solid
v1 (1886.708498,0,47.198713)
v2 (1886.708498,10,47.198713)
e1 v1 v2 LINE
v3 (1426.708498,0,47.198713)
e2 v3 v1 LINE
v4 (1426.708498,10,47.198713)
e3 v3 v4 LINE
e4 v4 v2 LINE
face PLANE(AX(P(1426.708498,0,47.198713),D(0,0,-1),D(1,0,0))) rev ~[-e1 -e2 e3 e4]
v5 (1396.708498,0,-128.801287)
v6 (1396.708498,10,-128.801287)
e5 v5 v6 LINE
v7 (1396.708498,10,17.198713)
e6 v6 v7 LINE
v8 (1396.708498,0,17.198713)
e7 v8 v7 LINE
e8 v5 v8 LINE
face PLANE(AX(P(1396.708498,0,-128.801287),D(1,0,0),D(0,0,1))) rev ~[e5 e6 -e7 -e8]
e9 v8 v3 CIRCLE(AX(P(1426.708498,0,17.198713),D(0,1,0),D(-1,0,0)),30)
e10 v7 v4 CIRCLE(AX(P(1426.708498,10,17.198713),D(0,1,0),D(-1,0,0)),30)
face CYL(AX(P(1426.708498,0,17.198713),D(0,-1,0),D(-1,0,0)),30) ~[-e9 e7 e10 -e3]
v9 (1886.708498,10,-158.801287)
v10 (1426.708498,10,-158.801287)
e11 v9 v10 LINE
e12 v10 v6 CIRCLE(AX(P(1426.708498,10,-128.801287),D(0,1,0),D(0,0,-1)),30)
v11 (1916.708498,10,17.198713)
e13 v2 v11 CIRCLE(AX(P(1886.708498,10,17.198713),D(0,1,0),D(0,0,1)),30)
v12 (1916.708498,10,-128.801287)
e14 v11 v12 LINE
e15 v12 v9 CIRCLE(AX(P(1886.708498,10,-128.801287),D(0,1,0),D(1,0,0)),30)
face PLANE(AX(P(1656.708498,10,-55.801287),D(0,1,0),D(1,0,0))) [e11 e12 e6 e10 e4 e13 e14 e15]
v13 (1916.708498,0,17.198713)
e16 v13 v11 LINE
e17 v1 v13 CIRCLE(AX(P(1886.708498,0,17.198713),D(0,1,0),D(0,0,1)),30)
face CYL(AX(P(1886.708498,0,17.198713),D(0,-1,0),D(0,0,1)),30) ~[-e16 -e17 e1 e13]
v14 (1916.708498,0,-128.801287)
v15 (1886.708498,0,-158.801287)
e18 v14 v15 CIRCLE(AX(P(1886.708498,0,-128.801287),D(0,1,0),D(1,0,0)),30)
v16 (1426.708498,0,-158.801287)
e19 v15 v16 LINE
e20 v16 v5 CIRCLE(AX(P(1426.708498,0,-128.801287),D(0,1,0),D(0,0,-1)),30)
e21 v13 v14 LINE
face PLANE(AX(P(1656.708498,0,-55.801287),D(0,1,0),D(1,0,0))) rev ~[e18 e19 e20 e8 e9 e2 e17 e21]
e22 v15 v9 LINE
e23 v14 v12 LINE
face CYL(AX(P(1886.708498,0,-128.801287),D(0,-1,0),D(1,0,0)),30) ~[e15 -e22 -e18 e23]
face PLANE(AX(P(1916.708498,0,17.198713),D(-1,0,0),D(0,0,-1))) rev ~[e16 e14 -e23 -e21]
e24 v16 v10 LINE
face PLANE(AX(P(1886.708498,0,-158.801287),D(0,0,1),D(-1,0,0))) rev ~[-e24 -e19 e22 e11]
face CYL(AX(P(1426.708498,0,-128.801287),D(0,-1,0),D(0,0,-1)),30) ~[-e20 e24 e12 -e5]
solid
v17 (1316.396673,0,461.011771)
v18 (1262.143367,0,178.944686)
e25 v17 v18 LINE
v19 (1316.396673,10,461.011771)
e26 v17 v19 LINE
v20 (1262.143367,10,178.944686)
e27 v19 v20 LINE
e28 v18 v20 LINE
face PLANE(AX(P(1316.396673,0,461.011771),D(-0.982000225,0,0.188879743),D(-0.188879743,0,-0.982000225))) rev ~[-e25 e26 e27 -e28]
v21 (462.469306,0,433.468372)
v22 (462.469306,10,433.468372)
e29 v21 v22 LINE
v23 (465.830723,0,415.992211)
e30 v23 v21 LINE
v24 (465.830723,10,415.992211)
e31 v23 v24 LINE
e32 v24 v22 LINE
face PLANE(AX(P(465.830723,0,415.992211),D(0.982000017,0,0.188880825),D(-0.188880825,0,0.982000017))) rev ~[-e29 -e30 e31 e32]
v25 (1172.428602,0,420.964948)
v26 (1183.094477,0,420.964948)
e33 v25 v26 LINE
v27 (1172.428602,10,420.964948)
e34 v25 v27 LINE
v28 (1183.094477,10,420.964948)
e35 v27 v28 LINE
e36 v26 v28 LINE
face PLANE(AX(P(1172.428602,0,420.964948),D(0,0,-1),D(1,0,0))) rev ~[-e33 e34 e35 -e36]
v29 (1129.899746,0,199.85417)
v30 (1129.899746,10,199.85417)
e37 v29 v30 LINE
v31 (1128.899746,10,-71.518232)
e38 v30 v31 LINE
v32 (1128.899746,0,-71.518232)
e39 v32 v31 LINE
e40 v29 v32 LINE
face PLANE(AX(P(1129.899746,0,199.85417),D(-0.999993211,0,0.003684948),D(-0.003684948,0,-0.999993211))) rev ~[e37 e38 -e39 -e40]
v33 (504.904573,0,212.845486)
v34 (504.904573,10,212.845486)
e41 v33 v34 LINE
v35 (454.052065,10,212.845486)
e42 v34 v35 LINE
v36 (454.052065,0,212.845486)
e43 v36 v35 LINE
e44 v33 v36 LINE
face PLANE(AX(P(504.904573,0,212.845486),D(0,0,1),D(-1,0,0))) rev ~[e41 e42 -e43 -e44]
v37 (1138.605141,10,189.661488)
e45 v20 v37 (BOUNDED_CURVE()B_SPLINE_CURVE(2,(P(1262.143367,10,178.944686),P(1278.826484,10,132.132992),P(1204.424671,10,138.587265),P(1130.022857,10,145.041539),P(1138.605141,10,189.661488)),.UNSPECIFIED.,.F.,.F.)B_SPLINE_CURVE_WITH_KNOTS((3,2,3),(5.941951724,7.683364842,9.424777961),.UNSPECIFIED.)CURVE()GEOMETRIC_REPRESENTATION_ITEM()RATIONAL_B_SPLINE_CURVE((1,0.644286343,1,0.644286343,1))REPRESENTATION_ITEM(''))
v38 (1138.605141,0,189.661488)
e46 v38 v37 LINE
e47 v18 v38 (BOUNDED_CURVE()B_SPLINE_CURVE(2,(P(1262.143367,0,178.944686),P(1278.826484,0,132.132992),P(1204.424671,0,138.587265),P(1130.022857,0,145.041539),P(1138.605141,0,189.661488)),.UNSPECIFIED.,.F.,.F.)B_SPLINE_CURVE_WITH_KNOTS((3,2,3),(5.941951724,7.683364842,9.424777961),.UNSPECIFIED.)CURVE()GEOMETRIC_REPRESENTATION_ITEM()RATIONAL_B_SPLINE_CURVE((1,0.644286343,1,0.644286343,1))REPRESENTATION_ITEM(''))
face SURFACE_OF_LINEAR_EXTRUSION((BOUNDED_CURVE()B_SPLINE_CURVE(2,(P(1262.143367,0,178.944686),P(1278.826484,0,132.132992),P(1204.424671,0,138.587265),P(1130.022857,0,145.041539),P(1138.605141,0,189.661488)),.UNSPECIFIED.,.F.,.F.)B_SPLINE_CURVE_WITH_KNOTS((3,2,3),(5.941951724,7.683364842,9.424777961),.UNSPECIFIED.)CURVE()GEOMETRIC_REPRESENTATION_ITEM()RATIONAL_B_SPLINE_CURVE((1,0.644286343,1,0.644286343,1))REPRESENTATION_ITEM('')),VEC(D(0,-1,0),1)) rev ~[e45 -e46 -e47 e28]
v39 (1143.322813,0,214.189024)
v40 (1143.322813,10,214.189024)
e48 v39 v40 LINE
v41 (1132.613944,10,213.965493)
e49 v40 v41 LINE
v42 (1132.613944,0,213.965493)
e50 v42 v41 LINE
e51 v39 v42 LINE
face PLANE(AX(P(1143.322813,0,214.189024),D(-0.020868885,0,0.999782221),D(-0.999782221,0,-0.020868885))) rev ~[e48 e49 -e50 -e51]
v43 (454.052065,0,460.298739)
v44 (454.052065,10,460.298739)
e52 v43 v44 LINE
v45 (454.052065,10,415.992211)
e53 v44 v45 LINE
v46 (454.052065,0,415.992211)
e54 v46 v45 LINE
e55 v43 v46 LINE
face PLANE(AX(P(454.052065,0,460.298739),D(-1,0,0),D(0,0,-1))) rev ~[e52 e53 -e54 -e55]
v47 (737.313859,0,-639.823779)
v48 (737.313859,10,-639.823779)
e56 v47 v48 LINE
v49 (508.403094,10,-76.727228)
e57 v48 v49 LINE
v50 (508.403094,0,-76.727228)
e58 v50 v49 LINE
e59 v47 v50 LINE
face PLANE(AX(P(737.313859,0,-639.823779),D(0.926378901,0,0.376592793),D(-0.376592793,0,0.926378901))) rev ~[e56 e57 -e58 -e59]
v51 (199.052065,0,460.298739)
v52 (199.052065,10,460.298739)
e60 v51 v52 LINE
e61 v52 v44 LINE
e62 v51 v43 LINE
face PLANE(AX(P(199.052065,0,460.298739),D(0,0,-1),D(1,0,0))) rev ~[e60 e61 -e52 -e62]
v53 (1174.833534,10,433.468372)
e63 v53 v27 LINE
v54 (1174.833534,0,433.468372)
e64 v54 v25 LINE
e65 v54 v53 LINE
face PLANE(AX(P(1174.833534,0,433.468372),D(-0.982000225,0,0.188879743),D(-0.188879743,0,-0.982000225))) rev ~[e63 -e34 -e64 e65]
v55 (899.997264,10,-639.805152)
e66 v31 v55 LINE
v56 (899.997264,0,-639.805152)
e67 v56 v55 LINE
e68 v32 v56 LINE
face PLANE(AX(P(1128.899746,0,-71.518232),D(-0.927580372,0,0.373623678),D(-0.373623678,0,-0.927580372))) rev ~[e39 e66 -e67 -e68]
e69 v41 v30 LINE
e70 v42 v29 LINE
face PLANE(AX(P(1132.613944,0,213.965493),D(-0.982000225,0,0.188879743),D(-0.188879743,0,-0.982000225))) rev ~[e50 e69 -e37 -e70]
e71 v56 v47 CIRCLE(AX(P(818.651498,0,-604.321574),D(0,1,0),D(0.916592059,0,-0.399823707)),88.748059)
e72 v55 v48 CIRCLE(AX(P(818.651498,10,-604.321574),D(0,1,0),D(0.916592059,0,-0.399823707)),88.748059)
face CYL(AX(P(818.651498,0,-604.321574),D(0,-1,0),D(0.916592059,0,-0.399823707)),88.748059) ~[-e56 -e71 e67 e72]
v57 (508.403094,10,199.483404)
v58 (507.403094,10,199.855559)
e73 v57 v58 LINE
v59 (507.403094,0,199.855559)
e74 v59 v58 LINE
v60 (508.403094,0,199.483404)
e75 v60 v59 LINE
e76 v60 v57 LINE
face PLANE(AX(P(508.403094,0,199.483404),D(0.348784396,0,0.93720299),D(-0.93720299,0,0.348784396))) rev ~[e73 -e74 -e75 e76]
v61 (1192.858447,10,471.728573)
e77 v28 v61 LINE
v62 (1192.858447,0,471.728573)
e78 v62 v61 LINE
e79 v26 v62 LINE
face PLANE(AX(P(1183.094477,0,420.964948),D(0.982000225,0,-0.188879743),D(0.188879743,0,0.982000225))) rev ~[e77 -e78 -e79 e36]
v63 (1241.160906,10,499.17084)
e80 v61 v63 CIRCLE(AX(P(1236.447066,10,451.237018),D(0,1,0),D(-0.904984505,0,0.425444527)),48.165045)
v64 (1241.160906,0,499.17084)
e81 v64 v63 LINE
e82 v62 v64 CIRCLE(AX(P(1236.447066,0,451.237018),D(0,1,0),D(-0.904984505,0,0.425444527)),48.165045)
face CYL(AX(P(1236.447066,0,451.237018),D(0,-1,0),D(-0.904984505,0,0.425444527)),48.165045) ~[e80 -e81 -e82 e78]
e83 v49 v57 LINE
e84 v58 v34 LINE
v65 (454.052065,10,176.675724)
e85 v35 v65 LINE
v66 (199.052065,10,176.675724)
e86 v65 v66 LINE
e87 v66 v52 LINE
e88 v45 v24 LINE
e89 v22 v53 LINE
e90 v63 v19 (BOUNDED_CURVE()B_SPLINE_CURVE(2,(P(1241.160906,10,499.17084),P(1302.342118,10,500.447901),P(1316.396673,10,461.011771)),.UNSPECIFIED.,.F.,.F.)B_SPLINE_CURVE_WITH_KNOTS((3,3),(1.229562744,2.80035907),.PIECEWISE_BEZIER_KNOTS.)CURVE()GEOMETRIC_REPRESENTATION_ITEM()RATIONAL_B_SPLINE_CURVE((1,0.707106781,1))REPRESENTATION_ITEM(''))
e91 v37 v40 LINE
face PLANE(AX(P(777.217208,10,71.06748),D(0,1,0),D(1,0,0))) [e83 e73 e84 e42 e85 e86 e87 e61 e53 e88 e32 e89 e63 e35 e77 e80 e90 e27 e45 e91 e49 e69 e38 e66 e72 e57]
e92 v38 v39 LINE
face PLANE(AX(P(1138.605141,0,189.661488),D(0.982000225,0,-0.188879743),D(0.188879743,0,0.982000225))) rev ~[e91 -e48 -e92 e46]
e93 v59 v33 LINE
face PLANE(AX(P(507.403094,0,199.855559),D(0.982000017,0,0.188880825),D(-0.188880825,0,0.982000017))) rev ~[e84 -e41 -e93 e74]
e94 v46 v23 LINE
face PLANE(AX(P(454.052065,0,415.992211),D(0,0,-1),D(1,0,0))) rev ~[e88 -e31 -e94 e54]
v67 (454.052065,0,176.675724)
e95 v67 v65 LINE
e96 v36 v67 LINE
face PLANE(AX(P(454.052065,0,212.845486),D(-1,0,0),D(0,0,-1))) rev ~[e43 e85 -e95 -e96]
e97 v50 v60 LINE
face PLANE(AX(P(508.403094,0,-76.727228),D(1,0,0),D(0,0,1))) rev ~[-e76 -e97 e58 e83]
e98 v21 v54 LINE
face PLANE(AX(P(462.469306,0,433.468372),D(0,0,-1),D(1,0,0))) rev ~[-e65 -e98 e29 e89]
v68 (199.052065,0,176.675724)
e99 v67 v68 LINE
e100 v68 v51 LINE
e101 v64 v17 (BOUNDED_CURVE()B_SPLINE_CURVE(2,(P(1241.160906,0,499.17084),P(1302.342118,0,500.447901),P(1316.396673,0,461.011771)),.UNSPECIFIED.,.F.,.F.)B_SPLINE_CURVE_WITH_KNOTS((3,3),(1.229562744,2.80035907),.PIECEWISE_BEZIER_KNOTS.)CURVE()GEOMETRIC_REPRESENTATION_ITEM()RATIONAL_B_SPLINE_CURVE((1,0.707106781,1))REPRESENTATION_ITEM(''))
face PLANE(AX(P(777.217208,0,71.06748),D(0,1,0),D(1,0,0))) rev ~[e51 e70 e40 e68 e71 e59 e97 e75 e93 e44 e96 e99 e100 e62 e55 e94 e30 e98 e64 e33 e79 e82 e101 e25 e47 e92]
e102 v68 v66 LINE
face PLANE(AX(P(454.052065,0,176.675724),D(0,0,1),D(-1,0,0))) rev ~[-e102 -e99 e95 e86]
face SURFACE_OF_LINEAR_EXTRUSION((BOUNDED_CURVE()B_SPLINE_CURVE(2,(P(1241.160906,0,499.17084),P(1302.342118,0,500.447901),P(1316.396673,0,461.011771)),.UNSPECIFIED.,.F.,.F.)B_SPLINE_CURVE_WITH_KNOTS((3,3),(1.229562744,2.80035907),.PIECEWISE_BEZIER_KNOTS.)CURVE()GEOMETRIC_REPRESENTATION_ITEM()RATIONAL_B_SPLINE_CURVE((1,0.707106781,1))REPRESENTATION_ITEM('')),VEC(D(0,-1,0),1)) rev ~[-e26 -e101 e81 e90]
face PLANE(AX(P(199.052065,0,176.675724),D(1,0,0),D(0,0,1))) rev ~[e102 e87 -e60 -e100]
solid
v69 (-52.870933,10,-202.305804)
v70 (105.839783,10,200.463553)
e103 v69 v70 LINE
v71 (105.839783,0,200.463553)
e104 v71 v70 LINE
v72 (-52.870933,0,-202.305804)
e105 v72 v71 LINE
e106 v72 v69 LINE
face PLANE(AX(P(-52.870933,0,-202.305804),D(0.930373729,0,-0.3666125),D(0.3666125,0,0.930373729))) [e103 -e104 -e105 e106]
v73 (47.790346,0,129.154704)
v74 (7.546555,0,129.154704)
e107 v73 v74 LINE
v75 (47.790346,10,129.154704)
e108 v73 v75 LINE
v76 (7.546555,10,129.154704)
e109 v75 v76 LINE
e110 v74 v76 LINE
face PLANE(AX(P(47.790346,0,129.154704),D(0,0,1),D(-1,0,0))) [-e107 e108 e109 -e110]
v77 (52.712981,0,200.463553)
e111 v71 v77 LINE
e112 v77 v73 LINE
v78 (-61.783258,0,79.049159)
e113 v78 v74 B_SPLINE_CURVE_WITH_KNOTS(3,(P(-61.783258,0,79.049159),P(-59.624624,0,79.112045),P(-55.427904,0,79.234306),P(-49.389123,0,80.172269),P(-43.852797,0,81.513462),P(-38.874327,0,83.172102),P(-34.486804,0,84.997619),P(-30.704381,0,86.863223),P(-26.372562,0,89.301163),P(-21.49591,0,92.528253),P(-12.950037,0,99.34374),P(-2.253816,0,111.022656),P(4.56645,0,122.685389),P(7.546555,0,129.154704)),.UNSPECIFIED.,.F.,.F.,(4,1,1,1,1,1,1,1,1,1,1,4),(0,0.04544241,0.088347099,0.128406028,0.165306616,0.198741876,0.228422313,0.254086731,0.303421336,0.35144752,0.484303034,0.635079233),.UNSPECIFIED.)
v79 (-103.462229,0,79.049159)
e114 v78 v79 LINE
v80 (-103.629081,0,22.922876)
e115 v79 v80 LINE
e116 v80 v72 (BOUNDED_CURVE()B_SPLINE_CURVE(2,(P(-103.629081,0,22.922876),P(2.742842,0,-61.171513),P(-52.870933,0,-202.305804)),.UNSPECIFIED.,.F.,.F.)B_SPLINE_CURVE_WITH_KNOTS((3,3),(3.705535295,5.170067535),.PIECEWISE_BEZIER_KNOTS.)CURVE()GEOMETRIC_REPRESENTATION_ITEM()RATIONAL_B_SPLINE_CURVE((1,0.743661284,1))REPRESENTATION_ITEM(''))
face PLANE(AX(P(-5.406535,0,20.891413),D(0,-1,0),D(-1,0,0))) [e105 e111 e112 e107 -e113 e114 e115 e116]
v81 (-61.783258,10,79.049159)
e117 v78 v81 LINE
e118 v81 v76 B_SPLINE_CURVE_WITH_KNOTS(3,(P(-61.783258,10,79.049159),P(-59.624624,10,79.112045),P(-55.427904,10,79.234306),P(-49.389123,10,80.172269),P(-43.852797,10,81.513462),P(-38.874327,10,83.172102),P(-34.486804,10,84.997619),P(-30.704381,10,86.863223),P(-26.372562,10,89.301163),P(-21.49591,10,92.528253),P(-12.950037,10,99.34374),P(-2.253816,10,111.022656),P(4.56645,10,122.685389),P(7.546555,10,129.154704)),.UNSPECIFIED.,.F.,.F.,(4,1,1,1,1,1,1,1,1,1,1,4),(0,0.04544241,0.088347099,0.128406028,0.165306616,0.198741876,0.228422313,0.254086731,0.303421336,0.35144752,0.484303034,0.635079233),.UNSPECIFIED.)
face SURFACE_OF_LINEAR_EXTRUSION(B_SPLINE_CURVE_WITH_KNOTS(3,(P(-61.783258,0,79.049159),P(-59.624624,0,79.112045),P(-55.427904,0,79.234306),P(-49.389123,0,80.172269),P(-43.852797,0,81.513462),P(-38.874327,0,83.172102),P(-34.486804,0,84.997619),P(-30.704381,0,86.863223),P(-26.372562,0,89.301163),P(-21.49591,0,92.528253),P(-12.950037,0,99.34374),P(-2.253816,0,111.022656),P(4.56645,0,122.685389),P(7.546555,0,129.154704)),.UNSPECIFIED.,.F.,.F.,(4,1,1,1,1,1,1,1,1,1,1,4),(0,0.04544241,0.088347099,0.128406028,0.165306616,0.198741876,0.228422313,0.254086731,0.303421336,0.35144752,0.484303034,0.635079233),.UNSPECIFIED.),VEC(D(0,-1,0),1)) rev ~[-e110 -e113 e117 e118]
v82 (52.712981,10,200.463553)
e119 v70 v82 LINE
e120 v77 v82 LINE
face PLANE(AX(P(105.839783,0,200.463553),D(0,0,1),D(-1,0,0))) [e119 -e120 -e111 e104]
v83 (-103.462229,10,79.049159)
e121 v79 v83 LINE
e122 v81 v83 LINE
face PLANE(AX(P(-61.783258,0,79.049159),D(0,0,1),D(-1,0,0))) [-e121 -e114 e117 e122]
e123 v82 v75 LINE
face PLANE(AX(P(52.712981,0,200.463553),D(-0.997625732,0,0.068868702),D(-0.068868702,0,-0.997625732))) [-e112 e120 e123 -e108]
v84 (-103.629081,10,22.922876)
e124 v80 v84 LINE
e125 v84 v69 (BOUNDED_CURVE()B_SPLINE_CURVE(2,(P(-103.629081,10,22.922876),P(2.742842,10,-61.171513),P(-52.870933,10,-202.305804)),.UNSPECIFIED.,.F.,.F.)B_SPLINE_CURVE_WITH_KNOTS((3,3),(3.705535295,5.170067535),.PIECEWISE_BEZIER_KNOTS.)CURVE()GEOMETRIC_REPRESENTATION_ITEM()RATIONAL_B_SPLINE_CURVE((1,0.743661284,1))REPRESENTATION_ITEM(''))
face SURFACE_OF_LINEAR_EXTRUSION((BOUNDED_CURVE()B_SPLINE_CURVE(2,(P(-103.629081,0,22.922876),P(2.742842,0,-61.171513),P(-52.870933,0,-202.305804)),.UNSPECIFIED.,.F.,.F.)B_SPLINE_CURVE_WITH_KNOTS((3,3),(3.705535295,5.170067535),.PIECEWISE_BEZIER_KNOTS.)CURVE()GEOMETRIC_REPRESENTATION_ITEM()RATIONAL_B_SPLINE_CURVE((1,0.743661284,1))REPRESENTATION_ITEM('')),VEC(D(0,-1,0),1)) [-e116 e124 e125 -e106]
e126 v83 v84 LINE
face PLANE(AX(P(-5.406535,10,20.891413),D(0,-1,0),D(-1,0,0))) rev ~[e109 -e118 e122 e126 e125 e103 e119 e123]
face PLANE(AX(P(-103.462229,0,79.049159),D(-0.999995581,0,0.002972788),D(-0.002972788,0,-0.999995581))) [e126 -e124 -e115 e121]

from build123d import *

# Parameters (mm, degrees)
BOSS_EXTRUDE1_DEPTH = 10
BOSS_EXTRUDE2_DEPTH = 10
BOSS_EXTRUDE3_DEPTH = 10


with BuildPart() as part:
    # Sketch1 → Boss-Extrude1 (new body)
    with BuildSketch(Plane(origin=(0, 0, 0), x_dir=(1, 0, 0), z_dir=(0, 1, 0))):
        with BuildLine():
            Line((52.712981147, -200.46355289), (47.790345597, -129.154704003))
            Line((47.790345597, -129.154704003), (7.546555416, -129.154704003))
            add(Edge.make_bspline(
                [(-61.78325808, -79.049159175), (-59.624624056, -79.112045243), (-55.427904423, -79.234305519), (-49.389122898, -80.172269264), (-43.85279654, -81.513461678), (-38.874327208, -83.172102105), (-34.486803674, -84.997618704), (-30.704381342, -86.863222673), (-26.372562418, -89.301162722), (-21.495910227, -92.5282526), (-12.950036968, -99.343739915), (-2.253816449, -111.022656411), (4.566450288, -122.685389209), (7.546555416, -129.154704003)],
                knots=[0, 0, 0, 0, 0.04544241, 0.088347099, 0.128406028, 0.165306616, 0.198741876, 0.228422313, 0.254086731, 0.303421336, 0.35144752, 0.484303034, 0.635079233, 0.635079233, 0.635079233, 0.635079233], degree=3))
            Line((-61.78325808, -79.049159175), (-103.462229108, -79.049159175))
            Line((-103.462229108, -79.049159175), (-103.629081372, -22.92287626))
            add(Edge.make_bspline(
                [(-103.629081372, -22.92287626), (2.742841741, 61.171512772), (-52.870933457, 202.305804128)],
                knots=[3.705535295, 3.705535295, 3.705535295, 5.170067535, 5.170067535, 5.170067535], degree=2, weights=[1, 0.743661284, 1]))
            Line((-52.870933457, 202.305804128), (105.839782858, -200.46355289))
            Line((105.839782858, -200.46355289), (52.712981147, -200.46355289))
        make_face()
    extrude(amount=BOSS_EXTRUDE1_DEPTH)


with BuildPart() as body_2:
    # Sketch3 → Boss-Extrude2 (new body)
    with BuildSketch(Plane(origin=(0, 0, 0), x_dir=(1, 0, 0), z_dir=(0, 1, 0))):
        with BuildLine():
            Line((1128.899745939, 71.518232222), (899.997264322, 639.805151885))
            ThreePointArc((899.997264322, 639.805151885), (818.661659338, 693.069632592), (737.313859069, 639.823778908))
            Line((737.313859069, 639.823778908), (508.403094205, 76.72722767))
            Line((508.403094205, 76.72722767), (508.403094205, -199.483404134))
            Line((508.403094205, -199.483404134), (507.403094205, -199.855558726))
            Line((507.403094205, -199.855558726), (504.904572588, -212.845486475))
            Line((504.904572588, -212.845486475), (454.052065144, -212.845486475))
            Line((454.052065144, -212.845486475), (454.052065144, -176.675723923))
            Line((454.052065144, -176.675723923), (199.052065144, -176.675723923))
            Line((199.052065144, -176.675723923), (199.052065144, -460.298738681))
            Line((199.052065144, -460.298738681), (454.052065144, -460.298738681))
            Line((454.052065144, -460.298738681), (454.052065144, -415.992210629))
            Line((454.052065144, -415.992210629), (465.830723093, -415.992210629))
            Line((465.830723093, -415.992210629), (462.469305937, -433.468371605))
            Line((462.469305937, -433.468371605), (818.651419411, -433.468371605))
            Line((818.651419411, -433.468371605), (1174.833534208, -433.468371605))
            Line((1174.833534208, -433.468371605), (1172.428602461, -420.964947552))
            Line((1172.428602461, -420.964947552), (1183.094477094, -420.964947552))
            Line((1183.094477094, -420.964947552), (1192.858446813, -471.728572756))
            ThreePointArc((1192.858446813, -471.728572756), (1212.654596204, -493.115293069), (1241.160905905, -499.170839593))
            add(Edge.make_bspline(
                [(1241.160905905, -499.170839593), (1302.342117862, -500.447901399), (1316.396673087, -461.011770903)],
                knots=[1.229562744, 1.229562744, 1.229562744, 2.80035907, 2.80035907, 2.80035907], degree=2, weights=[1, 0.707106781, 1]))
            Line((1316.396673087, -461.011770903), (1262.143367489, -178.944686432))
            add(Edge.make_bspline(
                [(1262.143367489, -178.944686432), (1278.826483722, -132.132991693), (1204.424670567, -138.587265104), (1130.022857412, -145.041538515), (1138.605141215, -189.661488285)],
                knots=[5.941951724, 5.941951724, 5.941951724, 7.683364842, 7.683364842, 9.424777961, 9.424777961, 9.424777961], degree=2, weights=[1, 0.644286343, 1, 0.644286343, 1]))
            Line((1138.605141215, -189.661488285), (1143.322812908, -214.189024171))
            Line((1143.322812908, -214.189024171), (1132.61394394, -213.965493334))
            Line((1132.61394394, -213.965493334), (1129.899745939, -199.854170377))
            Line((1129.899745939, -199.854170377), (1128.899745939, 71.518232222))
        make_face()
    extrude(amount=BOSS_EXTRUDE2_DEPTH)


with BuildPart() as body_3:
    # Sketch4 → Boss-Extrude3 (new body)
    with BuildSketch(Plane(origin=(0, 0, 0), x_dir=(1, 0, 0), z_dir=(0, 1, 0))):
        with BuildLine():
            Line((1426.708497639, -47.198712871), (1886.708497639, -47.198712871))
            ThreePointArc((1886.708497639, -47.198712871), (1907.921701074, -38.411916307), (1916.708497639, -17.198712871))
            Line((1916.708497639, -17.198712871), (1916.708497639, 128.801287129))
            ThreePointArc((1916.708497639, 128.801287129), (1907.921701074, 150.014490564), (1886.708497639, 158.801287129))
            Line((1886.708497639, 158.801287129), (1426.708497639, 158.801287129))
            ThreePointArc((1426.708497639, 158.801287129), (1405.495294203, 150.014490564), (1396.708497639, 128.801287129))
            Line((1396.708497639, 128.801287129), (1396.708497639, -17.198712871))
            ThreePointArc((1396.708497639, -17.198712871), (1405.495294203, -38.411916307), (1426.708497639, -47.198712871))
        make_face()
    extrude(amount=BOSS_EXTRUDE3_DEPTH)


solid = Compound([part.part, body_2.part, body_3.part])
